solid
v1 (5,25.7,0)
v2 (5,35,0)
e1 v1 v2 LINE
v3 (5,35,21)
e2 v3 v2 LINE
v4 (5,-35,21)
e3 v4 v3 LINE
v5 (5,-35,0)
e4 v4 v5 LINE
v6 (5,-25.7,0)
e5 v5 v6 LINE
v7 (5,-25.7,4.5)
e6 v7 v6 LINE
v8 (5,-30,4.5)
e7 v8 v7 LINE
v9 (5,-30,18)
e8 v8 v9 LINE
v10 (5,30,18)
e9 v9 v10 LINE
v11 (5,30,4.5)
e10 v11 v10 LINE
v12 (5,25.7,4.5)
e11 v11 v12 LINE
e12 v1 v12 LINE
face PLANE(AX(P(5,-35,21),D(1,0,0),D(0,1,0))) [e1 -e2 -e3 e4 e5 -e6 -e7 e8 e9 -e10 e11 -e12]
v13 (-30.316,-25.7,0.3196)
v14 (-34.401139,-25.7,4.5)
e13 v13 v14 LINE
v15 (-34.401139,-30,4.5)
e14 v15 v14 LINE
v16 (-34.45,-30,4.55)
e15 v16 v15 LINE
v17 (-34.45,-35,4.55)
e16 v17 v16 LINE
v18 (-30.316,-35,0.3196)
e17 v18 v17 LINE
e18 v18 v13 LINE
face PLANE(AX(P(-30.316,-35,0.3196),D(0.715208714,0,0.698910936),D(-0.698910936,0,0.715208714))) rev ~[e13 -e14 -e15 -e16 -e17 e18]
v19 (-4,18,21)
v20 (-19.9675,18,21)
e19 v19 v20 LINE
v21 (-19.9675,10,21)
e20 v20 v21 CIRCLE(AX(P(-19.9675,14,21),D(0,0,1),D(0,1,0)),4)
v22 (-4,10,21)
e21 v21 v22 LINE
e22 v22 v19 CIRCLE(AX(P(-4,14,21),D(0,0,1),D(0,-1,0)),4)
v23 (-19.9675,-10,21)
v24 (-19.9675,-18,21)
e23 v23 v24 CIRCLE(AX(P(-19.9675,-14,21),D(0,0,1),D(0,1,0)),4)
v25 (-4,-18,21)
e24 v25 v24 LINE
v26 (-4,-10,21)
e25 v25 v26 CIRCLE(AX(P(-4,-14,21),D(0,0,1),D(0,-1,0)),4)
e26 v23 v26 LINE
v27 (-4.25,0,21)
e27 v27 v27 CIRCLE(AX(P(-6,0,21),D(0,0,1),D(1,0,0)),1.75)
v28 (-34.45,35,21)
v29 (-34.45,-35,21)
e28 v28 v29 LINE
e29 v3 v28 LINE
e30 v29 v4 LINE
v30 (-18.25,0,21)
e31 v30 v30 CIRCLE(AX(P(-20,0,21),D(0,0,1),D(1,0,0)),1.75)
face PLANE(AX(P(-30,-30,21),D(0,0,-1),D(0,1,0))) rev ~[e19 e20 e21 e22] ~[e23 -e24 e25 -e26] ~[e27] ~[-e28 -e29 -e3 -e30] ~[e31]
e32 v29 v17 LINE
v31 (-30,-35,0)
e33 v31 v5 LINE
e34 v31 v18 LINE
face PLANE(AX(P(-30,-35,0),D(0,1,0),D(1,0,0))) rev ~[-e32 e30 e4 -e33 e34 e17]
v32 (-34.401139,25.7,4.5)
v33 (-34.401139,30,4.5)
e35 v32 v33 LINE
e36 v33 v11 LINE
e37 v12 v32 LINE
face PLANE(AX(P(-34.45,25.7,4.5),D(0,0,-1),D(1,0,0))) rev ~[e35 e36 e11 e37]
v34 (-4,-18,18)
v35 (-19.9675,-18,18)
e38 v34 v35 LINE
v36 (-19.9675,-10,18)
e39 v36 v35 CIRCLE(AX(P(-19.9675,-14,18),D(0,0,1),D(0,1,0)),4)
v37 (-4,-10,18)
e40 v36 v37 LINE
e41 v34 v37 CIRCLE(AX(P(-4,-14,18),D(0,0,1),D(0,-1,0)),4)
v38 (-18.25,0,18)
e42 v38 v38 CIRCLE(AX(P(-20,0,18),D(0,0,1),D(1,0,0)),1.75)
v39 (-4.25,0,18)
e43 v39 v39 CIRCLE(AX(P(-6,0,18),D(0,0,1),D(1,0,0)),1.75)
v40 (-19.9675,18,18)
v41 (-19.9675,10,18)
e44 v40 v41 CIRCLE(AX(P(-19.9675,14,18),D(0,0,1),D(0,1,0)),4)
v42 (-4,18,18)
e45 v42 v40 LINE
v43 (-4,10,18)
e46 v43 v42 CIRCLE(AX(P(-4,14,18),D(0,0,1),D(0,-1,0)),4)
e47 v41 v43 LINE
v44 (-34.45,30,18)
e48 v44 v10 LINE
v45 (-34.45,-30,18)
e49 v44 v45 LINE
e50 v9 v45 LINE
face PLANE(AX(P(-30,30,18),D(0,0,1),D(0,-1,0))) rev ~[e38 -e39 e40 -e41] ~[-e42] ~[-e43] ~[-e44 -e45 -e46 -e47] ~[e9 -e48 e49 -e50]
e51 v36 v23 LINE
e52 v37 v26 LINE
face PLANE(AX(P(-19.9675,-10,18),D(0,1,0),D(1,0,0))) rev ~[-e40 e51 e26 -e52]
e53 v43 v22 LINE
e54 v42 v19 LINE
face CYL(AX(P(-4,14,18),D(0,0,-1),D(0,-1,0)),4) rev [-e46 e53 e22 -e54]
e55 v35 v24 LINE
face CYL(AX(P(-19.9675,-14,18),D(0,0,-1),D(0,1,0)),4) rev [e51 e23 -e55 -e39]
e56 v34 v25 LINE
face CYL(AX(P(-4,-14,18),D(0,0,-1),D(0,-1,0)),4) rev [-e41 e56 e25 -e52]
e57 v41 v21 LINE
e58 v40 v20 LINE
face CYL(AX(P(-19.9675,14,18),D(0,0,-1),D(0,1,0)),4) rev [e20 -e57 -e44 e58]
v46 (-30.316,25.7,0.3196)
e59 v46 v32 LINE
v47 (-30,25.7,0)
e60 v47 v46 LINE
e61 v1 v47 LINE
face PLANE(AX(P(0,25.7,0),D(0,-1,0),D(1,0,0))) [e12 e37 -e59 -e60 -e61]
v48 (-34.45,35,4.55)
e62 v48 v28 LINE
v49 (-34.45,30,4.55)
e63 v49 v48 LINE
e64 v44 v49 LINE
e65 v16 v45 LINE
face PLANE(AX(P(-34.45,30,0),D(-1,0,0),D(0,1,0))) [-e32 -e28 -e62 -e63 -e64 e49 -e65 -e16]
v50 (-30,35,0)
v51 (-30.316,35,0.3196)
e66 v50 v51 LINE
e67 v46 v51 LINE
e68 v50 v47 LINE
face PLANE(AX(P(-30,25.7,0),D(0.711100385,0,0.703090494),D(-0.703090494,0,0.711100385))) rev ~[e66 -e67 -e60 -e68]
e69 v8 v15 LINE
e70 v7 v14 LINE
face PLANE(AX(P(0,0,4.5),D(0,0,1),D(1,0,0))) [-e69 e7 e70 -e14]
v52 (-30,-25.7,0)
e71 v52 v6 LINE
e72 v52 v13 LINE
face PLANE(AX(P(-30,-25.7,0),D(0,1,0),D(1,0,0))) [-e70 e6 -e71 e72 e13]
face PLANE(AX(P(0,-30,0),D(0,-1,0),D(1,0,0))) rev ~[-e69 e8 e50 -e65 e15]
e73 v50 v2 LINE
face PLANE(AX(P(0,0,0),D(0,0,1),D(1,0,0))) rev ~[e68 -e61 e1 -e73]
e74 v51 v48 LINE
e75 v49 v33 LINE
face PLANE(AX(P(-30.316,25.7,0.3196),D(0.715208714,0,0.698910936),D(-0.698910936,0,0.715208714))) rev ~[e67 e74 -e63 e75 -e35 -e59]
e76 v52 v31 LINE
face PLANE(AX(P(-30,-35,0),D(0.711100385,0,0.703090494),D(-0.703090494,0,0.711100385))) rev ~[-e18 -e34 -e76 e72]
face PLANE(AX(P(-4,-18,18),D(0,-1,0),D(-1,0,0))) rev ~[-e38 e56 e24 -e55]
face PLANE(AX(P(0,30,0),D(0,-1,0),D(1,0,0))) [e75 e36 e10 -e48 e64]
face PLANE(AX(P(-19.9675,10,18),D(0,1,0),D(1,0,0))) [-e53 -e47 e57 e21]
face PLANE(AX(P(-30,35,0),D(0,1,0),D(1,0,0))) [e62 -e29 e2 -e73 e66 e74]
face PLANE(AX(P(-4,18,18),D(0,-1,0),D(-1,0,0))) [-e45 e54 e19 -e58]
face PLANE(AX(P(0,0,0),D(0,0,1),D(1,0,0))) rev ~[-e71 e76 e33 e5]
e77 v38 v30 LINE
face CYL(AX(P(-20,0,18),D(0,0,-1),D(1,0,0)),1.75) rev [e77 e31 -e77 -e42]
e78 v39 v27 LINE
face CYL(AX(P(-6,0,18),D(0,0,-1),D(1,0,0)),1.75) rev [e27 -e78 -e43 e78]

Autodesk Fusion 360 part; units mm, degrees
sketch "Sketch1" plane through (0, 0, 0) normal (0, 0, 1) x (1, 0, 0)
  line L0 (30, 25.7) -> (-30, 25.7)
  line L1 (-30, 25.7) -> (-30, -25.7)
  line L2 (-30, -25.7) -> (30, -25.7)
  line L3 (30, -25.7) -> (30, 25.7)
  line L4 (30, -30) -> (-30, -30)
  line L5 (-30, -35) -> (-30, 35)
  line L6 (-30, 30) -> (30, 30)
  line L7 (30, 30) -> (30, -30)
  line L8 (-30, 35) -> (27, 35)
  line L9 (35, 27) -> (35, -27)
  line L10 (-30, -35) -> (27, -35)
  arc A0 (35, 27) -> (27, 35) centre (27, 27) ccw
  arc A1 (27, -35) -> (35, -27) centre (27, -27) ccw
  circle A2 centre (-20, 0) radius 1.75
  line L11 (-19.9675, 10) -> (-4, 10)
  arc A3 (-4, 10) -> (-4, 18) centre (-4, 14) ccw
  line L12 (-4, 18) -> (-19.9675, 18)
  arc A4 (-19.9675, 18) -> (-19.9675, 10) centre (-19.9675, 14) ccw
  line L13 (-19.9675, 14) -> (-4, 14) construction
  line L14 (1.75, 0) -> (22.5, 0)
  line L15 (-19.9675, -10) -> (-4, -10)
  arc A5 (-19.9675, -10) -> (-19.9675, -18) centre (-19.9675, -14) ccw
  line L16 (-4, -18) -> (-19.9675, -18)
  arc A6 (-4, -18) -> (-4, -10) centre (-4, -14) ccw
  circle A7 centre (-6, 0) radius 1.75
  dimension "d1" = 60
  dimension "d2" = 51.4
  dimension "d3" = 60
  dimension "d6" = 8
  dimension "d15" = 3.5
  dimension "d37" = 3.5
extrude "Extrude1" add sketch "Sketch1" along normal blind 4.5 contours L3 L4 L5 L6 L7 L8 L9 L10 A0 A1 | L0 L5 L6 L7 | L2 L4 L5 L7
extrude "Extrude2" add sketch "Sketch1" along normal blind 18 contours L3 L4 L5 L6 L7 L8 L9 L10 A0 A1
extrude "Extrude3" add sketch "Sketch1" along normal blind 21 and the other way blind -18
sketch "Sketch2" plane through (0, -35, 0) normal (0, -1, 0) x (1, 0, 0)
  line L0 (-30, 0) -> (27, 0)
  line L1 (27, 0) -> (27, 21)
  line L2 (27, 21) -> (-30, 21)
  line L3 (-30, 21) -> (-30, 0)
  line L4 (-30, 0) -> (-34.45, 0)
  line L5 (-34.45, 0) -> (-34.45, 4.55)
  line L6 (-30, 0) -> (-30.316, 0.3196)
  line L7 (-30.316, 0.3196) -> (-34.45, 4.55)
  line L8 (-34.45, 4.55) -> (-34.45, 21)
  line L9 (-34.45, 21) -> (-30, 21)
  line L10 (-30, 0) -> (-30, 5.5)
  line L11 (-30, 5.5) -> (-34.45, 5.5)
  line L12 (-34.45, 4.55) -> (-29.5, 4.55)
  dimension "d17" = 4.45
  dimension "d18" = 4.55
  dimension "d25" = 5.5
extrude "Extrude4" add sketch "Sketch2" against normal blind 5 contours L3 L6 L7 L10 L12 | L3 L8 L10 L11 L12 | L3 L8 L9 L11
extrude "Extrude5" add sketch "Sketch2" along normal blind -70 and the other way blind 65 contours L3 L6 L7 L10 L12 | L3 L8 L10 L11 L12 | L3 L8 L9 L11
extrude "Extrude6" add sketch "Sketch2" against normal blind 9.3 contours L3 L6 L7 L10 L12
extrude "Extrude7" add sketch "Sketch2" along normal blind -65 and the other way blind 60.7 contours L3 L6 L7 L10 L12
extrude "Extrude8" add 1 faces at (-30, -10, 19) along direction (-1, 0, 0) blind 4.45
extrude "Extrude9" cut 2 faces at (-32.9667, -28.5667, 4.55) (-32.9667, 27.1333, 4.55) along direction (0, 0, -1) blind 0.05
sketch "Sketch3" plane through (0, 0, 21) normal (0, 0, 1) x (-1, 0, 0)
  circle A0 centre (20, 0) radius 1.75
  arc A1 (19.9675, -18) -> (19.9675, -10) centre (19.9675, -14) ccw
  line L0 (19.9675, -18) -> (4, -18)
  arc A2 (4, -10) -> (4, -18) centre (4, -14) ccw
  line L1 (4, -10) -> (19.9675, -10)
  arc A3 (19.9675, 10) -> (19.9675, 18) centre (19.9675, 14) ccw
  line L2 (19.9675, 10) -> (4, 10)
  arc A4 (4, 18) -> (4, 10) centre (4, 14) ccw
  line L3 (4, 18) -> (19.9675, 18)
  line L4 (34.45, 35) -> (-27, 35)
  arc A5 (-27, 35) -> (-35, 27) centre (-27, 27) ccw
  line L5 (-35, 27) -> (-35, -27)
  arc A6 (-35, -27) -> (-27, -35) centre (-27, -27) ccw
  line L6 (-27, -35) -> (34.45, -35)
  line L7 (34.45, -35) -> (34.45, 35)
  line L8 (-5, -40) -> (-40, -40)
  line L9 (-40, -40) -> (-40, 40)
  line L10 (-40, 40) -> (-5, 40)
  line L11 (-5, 40) -> (-5, -40)
  circle A7 centre (6, 0) radius 1.75
extrude "Extrude10" cut sketch "Sketch3" against normal blind 40 contours L4 A5 L5 A6 L6 L11 | L4 A5 L5 A6 L6 L8 L9 L10 L11
